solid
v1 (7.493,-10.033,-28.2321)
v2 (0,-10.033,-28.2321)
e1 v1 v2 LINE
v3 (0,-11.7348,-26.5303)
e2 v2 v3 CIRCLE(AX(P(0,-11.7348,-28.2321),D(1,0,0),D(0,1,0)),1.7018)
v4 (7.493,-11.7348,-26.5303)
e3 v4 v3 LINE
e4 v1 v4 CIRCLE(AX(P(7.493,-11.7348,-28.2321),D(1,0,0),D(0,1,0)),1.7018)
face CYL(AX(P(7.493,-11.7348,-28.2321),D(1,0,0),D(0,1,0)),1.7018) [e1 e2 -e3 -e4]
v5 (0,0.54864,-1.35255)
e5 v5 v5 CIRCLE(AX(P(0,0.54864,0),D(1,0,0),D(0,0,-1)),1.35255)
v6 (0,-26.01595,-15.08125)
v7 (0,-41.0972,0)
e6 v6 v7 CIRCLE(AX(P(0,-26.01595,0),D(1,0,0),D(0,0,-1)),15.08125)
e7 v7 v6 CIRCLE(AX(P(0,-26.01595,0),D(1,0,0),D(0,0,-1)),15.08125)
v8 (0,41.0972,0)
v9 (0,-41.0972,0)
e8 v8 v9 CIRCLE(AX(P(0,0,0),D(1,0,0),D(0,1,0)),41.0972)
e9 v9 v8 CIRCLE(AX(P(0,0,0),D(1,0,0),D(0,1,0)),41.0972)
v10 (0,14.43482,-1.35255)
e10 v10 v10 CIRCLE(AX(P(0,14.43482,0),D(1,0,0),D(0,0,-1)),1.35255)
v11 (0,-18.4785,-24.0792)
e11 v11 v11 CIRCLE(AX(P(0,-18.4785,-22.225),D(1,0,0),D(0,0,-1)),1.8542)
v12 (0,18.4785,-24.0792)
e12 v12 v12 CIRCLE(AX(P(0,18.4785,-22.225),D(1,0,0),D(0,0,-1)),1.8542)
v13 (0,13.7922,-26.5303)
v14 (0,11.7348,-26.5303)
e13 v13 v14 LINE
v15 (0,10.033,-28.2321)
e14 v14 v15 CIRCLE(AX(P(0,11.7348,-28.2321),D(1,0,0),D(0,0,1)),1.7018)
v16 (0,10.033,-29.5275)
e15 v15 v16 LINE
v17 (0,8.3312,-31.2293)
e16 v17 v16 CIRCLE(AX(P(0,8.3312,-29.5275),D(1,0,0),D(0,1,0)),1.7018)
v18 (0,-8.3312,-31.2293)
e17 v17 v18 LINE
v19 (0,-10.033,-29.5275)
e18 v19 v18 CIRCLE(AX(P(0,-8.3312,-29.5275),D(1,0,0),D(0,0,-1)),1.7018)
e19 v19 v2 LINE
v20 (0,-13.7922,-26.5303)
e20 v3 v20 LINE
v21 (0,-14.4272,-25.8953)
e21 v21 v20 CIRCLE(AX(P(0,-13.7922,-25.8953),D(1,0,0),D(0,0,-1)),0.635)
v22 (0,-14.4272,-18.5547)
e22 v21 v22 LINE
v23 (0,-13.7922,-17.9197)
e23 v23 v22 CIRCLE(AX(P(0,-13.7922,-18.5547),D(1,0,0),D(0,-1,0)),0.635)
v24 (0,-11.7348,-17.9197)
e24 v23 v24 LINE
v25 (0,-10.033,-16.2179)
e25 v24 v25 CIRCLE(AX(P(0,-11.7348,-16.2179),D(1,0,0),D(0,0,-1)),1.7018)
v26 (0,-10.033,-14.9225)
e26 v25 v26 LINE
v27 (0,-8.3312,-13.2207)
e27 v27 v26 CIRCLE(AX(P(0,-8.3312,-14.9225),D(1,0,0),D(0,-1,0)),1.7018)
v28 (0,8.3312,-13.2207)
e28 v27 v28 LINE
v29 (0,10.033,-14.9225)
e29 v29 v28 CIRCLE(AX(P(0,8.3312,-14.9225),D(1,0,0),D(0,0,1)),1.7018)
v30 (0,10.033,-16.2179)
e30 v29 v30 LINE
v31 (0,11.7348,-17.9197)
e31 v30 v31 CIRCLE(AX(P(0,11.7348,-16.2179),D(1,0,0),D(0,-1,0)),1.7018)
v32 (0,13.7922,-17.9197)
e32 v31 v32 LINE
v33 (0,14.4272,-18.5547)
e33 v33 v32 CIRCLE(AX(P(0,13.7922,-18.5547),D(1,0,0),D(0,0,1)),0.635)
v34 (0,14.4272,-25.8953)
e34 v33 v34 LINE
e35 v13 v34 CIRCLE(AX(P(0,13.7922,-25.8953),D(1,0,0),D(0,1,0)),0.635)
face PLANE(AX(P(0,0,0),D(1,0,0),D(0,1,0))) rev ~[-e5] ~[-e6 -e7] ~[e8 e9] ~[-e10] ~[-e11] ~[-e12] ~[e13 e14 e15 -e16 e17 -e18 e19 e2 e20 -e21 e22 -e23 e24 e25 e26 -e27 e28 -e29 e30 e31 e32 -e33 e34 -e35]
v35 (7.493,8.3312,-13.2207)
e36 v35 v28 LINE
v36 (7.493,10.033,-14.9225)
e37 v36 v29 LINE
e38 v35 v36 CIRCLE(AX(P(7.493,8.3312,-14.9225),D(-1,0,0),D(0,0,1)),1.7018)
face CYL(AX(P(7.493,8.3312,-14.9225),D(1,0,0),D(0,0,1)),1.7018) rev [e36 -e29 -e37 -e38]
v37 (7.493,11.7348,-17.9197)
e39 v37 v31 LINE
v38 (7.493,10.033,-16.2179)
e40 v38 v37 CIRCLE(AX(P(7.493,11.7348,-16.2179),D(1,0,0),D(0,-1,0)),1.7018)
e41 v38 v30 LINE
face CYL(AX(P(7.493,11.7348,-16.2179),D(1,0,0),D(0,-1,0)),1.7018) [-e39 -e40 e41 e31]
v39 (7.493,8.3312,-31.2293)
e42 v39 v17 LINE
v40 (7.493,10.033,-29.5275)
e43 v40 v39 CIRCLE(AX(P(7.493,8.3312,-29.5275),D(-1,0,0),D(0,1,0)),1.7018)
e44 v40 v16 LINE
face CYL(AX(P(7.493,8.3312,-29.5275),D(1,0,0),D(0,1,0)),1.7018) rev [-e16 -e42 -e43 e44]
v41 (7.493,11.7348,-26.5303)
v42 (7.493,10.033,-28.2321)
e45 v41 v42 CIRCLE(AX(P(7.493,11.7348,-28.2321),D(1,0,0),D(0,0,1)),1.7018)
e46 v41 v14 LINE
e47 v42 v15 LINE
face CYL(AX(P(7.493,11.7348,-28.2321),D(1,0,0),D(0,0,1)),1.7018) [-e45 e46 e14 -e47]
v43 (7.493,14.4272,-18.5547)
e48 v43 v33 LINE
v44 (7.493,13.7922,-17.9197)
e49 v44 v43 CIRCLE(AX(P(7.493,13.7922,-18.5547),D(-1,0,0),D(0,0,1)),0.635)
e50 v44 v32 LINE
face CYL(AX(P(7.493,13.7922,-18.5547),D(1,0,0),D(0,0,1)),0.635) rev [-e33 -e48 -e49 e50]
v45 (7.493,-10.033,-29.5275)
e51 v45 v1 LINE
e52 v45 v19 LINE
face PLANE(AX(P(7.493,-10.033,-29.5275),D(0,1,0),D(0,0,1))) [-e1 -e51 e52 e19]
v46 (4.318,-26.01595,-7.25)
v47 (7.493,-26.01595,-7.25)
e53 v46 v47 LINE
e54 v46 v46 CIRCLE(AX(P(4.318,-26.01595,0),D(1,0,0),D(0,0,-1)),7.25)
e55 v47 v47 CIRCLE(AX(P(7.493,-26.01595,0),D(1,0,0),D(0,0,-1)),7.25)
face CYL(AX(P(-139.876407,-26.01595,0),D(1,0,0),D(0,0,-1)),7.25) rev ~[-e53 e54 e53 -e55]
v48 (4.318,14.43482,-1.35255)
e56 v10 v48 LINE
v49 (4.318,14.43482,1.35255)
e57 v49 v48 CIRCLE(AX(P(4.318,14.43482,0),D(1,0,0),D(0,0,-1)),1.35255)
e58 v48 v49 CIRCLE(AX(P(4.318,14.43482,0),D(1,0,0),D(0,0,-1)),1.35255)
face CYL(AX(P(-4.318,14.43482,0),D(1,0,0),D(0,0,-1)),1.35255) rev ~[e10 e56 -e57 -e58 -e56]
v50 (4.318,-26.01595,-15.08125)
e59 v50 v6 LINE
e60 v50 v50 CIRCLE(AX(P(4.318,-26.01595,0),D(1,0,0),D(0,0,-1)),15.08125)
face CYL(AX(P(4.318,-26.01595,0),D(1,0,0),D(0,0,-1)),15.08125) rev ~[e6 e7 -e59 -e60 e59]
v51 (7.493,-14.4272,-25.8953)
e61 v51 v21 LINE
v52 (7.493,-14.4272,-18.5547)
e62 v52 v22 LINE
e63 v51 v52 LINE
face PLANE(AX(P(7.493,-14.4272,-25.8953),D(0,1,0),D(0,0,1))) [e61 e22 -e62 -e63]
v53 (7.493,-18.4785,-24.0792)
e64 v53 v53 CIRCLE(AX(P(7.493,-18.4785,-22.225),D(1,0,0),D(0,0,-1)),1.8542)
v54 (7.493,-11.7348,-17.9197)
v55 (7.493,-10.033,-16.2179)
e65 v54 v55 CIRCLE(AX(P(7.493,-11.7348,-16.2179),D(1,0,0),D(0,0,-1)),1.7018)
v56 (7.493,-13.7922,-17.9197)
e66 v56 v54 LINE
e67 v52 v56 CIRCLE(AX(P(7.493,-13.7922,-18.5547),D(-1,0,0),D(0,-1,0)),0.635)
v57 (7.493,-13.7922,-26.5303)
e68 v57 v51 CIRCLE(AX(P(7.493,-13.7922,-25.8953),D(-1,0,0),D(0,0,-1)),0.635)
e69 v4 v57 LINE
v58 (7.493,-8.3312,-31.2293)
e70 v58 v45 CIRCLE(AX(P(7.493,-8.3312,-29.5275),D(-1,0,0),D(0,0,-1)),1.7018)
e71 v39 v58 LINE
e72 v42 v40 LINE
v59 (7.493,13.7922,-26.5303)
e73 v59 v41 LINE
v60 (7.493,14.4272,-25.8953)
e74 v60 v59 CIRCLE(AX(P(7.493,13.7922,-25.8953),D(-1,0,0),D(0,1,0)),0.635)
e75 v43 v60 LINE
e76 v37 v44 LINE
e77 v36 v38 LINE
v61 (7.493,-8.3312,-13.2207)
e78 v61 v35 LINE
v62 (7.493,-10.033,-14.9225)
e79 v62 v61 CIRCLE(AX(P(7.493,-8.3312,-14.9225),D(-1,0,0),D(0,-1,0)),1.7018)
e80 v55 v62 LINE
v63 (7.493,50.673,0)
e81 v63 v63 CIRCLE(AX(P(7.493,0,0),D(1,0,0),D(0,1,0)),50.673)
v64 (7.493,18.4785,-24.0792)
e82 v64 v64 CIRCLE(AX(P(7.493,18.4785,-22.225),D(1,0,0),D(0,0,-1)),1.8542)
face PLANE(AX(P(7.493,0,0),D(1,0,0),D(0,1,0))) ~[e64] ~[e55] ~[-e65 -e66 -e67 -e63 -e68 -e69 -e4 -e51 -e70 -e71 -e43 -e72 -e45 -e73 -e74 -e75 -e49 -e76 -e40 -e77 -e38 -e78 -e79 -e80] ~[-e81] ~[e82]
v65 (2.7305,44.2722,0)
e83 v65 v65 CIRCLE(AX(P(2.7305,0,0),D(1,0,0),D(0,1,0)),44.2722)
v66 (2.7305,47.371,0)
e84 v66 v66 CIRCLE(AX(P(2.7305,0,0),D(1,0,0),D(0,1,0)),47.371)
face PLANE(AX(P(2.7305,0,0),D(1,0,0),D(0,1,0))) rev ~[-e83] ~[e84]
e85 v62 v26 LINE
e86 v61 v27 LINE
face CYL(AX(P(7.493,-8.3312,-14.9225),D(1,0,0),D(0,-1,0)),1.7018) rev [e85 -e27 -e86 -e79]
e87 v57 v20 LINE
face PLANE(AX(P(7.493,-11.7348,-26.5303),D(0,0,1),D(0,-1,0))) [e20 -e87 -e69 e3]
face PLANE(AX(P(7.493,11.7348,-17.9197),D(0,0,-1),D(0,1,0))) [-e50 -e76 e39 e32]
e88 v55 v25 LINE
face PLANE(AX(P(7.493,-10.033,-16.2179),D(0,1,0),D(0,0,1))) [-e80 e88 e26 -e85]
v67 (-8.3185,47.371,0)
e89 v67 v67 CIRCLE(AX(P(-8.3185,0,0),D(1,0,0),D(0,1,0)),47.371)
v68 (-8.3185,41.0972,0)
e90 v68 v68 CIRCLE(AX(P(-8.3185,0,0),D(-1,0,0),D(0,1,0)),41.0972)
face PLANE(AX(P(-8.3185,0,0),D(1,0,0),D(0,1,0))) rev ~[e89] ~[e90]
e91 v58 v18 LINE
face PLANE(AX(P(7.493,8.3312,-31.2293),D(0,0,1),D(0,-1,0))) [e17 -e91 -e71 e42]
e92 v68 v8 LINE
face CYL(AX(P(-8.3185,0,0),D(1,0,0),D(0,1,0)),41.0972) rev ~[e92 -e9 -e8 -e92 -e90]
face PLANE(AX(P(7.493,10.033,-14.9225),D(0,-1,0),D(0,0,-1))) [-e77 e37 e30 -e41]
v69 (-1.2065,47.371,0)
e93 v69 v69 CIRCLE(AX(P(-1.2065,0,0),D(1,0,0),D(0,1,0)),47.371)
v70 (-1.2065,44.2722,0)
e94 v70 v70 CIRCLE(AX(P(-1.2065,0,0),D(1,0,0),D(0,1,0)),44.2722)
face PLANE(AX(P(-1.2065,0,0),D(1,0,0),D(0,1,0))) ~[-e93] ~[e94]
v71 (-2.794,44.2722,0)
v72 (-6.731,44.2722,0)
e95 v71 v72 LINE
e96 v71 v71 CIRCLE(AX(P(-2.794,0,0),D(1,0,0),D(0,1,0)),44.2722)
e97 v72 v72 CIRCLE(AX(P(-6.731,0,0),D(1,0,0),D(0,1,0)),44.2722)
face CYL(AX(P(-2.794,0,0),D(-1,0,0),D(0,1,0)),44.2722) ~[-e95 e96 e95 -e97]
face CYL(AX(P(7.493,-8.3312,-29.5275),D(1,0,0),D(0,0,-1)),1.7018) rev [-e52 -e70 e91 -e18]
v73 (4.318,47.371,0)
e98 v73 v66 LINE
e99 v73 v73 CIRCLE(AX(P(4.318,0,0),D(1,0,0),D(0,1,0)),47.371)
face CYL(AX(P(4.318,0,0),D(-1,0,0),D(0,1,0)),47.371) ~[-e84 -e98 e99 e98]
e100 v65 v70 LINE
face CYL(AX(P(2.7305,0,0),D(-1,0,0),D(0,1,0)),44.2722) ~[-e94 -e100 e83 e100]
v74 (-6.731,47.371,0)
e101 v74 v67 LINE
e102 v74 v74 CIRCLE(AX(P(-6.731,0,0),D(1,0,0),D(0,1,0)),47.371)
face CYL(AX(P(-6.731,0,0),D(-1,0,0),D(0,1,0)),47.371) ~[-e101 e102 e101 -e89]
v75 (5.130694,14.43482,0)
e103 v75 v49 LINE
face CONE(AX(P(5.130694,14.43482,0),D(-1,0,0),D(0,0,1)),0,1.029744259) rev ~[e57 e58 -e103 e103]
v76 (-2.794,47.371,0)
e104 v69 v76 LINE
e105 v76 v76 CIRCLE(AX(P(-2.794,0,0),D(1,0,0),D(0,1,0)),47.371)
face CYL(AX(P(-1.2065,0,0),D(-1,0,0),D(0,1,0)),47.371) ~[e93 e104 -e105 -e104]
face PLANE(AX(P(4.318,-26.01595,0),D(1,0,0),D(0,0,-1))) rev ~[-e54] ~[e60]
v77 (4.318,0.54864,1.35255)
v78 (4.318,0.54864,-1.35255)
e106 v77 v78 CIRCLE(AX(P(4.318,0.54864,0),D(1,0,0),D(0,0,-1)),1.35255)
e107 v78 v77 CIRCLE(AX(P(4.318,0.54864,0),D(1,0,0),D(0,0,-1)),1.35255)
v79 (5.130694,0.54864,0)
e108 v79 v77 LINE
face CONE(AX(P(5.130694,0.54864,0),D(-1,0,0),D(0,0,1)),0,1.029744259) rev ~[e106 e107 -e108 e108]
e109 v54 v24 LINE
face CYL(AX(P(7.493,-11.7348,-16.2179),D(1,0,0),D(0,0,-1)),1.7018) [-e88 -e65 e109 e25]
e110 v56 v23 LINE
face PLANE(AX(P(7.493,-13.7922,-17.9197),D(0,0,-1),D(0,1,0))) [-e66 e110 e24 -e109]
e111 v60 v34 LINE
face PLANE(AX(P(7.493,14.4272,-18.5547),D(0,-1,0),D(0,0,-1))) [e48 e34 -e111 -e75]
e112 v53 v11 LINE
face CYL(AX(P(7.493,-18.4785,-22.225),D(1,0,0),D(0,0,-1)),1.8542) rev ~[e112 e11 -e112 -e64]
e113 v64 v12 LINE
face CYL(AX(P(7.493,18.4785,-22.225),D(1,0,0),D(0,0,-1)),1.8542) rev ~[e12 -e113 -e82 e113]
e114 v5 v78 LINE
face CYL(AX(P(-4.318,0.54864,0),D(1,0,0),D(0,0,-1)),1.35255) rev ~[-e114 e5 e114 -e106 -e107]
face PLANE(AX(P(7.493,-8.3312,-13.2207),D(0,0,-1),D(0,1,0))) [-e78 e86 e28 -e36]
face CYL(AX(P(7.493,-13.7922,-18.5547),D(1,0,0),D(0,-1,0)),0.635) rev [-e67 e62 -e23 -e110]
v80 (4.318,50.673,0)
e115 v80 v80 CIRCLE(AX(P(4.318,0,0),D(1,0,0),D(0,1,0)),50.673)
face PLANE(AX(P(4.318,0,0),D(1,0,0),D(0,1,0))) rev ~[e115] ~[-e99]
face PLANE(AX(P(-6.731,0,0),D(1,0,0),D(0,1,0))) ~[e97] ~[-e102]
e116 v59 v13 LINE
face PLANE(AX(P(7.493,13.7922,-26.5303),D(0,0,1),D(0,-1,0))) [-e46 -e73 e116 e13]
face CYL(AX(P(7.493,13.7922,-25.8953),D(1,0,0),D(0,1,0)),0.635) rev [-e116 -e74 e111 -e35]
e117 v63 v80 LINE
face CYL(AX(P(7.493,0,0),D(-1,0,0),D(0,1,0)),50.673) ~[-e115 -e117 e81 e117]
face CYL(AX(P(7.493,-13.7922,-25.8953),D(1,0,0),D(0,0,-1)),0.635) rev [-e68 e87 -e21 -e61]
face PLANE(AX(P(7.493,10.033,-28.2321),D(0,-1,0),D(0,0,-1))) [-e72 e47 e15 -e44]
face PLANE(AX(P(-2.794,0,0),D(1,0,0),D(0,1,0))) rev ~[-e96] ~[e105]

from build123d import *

# Parameters (mm, degrees)
SKETCH6_R                 = 1.8542
CUT_EXTRUDE1_DEPTH        = 16.8115
F_6_32_TAPPED_HOLE1_D     = 2.7051
F_6_32_TAPPED_HOLE1_DEPTH = 4.318
F_6_32_TAPPED_HOLE1_TIP   = 0.81269403
CUT_EXTRUDE3_START        = -3.175
SKETCH12_R                = 15.08125
CUT_EXTRUDE3_DEPTH        = 13.6365
M16X1_5_TAPPED_HOLE1_D    = 14.5


with BuildPart() as part:
    # Sketch1 → Revolve1 (revolve)
    with BuildSketch(Plane.XY):
        Polygon((4.318, 50.673), (4.318, 47.371), (2.7305, 47.371), (2.7305, 44.2722), (-1.2065, 44.2722), (-1.2065, 47.371), (-2.794, 47.371), (-2.794, 44.2722), (-6.731, 44.2722), (-6.731, 47.371), (-8.3185, 47.371), (-8.3185, 41.0972), (0, 41.0972), (0, 0), (7.493, 0), (7.493, 50.673), align=None)
    revolve(axis=Axis((0, 0, 0), (1, 0, 0)))

    # Sketch6 → Cut-Extrude1 (cut, through all)
    with BuildSketch(Plane(origin=(7.493, 0, 0), x_dir=(0, 0, -1), z_dir=(1, 0, 0))):
        with Locations((22.225, 18.4785)):
            Circle(SKETCH6_R)
        with Locations((22.225, -18.4785)):
            Circle(SKETCH6_R)
        with BuildLine():
            Line((18.5547, 14.4272), (25.8953, 14.4272))
            ThreePointArc((25.8953, 14.4272), (26.344312806, 14.241212806), (26.5303, 13.7922))
            Line((26.5303, 13.7922), (26.5303, 11.7348))
            ThreePointArc((26.5303, 11.7348), (27.02874568, 10.53144568), (28.2321, 10.033))
            Line((28.2321, 10.033), (29.5275, 10.033))
            ThreePointArc((29.5275, 10.033), (30.73085432, 9.53455432), (31.2293, 8.3312))
            Line((31.2293, 8.3312), (31.2293, -8.3312))
            ThreePointArc((31.2293, -8.3312), (30.73085432, -9.53455432), (29.5275, -10.033))
            Line((29.5275, -10.033), (28.2321, -10.033))
            ThreePointArc((28.2321, -10.033), (27.02874568, -10.53144568), (26.5303, -11.7348))
            Line((26.5303, -11.7348), (26.5303, -13.7922))
            ThreePointArc((26.5303, -13.7922), (26.344312806, -14.241212806), (25.8953, -14.4272))
            Line((25.8953, -14.4272), (18.5547, -14.4272))
            ThreePointArc((18.5547, -14.4272), (18.105687194, -14.241212806), (17.9197, -13.7922))
            Line((17.9197, -13.7922), (17.9197, -11.7348))
            ThreePointArc((17.9197, -11.7348), (17.42125432, -10.53144568), (16.2179, -10.033))
            Line((16.2179, -10.033), (14.9225, -10.033))
            ThreePointArc((14.9225, -10.033), (13.71914568, -9.53455432), (13.2207, -8.3312))
            Line((13.2207, -8.3312), (13.2207, 8.3312))
            ThreePointArc((13.2207, 8.3312), (13.71914568, 9.53455432), (14.9225, 10.033))
            Line((14.9225, 10.033), (16.2179, 10.033))
            ThreePointArc((16.2179, 10.033), (17.42125432, 10.53144568), (17.9197, 11.7348))
            Line((17.9197, 11.7348), (17.9197, 13.7922))
            ThreePointArc((17.9197, 13.7922), (18.105687194, 14.241212806), (18.5547, 14.4272))
        make_face()
    extrude(amount=-CUT_EXTRUDE1_DEPTH, mode=Mode.SUBTRACT)

    # #6-32 Tapped Hole1
    with Locations(Plane.ZY):
        with Locations((0, 14.43482), (0, 0.54864)):
            Hole(F_6_32_TAPPED_HOLE1_D / 2, depth=F_6_32_TAPPED_HOLE1_DEPTH)
            with Locations((0, 0, -(F_6_32_TAPPED_HOLE1_DEPTH + F_6_32_TAPPED_HOLE1_TIP / 2))):  # 118° drill point
                Cone(0, F_6_32_TAPPED_HOLE1_D / 2, F_6_32_TAPPED_HOLE1_TIP, mode=Mode.SUBTRACT)

    # Sketch12 → Cut-Extrude3 (cut, through all)
    with BuildSketch(Plane(origin=(7.493, 0, 0), x_dir=(0, 0, -1), z_dir=(1, 0, 0)).offset(CUT_EXTRUDE3_START)):
        with Locations((0, -26.01595)):
            Circle(SKETCH12_R)
    extrude(amount=-CUT_EXTRUDE3_DEPTH, mode=Mode.SUBTRACT)

    # M16x1.5 Tapped Hole1 (through all)
    with Locations(Plane.ZY.offset(-4.318)):
        with Locations((0, -26.01595)):
            Hole(M16X1_5_TAPPED_HOLE1_D / 2)


solid = part.part
